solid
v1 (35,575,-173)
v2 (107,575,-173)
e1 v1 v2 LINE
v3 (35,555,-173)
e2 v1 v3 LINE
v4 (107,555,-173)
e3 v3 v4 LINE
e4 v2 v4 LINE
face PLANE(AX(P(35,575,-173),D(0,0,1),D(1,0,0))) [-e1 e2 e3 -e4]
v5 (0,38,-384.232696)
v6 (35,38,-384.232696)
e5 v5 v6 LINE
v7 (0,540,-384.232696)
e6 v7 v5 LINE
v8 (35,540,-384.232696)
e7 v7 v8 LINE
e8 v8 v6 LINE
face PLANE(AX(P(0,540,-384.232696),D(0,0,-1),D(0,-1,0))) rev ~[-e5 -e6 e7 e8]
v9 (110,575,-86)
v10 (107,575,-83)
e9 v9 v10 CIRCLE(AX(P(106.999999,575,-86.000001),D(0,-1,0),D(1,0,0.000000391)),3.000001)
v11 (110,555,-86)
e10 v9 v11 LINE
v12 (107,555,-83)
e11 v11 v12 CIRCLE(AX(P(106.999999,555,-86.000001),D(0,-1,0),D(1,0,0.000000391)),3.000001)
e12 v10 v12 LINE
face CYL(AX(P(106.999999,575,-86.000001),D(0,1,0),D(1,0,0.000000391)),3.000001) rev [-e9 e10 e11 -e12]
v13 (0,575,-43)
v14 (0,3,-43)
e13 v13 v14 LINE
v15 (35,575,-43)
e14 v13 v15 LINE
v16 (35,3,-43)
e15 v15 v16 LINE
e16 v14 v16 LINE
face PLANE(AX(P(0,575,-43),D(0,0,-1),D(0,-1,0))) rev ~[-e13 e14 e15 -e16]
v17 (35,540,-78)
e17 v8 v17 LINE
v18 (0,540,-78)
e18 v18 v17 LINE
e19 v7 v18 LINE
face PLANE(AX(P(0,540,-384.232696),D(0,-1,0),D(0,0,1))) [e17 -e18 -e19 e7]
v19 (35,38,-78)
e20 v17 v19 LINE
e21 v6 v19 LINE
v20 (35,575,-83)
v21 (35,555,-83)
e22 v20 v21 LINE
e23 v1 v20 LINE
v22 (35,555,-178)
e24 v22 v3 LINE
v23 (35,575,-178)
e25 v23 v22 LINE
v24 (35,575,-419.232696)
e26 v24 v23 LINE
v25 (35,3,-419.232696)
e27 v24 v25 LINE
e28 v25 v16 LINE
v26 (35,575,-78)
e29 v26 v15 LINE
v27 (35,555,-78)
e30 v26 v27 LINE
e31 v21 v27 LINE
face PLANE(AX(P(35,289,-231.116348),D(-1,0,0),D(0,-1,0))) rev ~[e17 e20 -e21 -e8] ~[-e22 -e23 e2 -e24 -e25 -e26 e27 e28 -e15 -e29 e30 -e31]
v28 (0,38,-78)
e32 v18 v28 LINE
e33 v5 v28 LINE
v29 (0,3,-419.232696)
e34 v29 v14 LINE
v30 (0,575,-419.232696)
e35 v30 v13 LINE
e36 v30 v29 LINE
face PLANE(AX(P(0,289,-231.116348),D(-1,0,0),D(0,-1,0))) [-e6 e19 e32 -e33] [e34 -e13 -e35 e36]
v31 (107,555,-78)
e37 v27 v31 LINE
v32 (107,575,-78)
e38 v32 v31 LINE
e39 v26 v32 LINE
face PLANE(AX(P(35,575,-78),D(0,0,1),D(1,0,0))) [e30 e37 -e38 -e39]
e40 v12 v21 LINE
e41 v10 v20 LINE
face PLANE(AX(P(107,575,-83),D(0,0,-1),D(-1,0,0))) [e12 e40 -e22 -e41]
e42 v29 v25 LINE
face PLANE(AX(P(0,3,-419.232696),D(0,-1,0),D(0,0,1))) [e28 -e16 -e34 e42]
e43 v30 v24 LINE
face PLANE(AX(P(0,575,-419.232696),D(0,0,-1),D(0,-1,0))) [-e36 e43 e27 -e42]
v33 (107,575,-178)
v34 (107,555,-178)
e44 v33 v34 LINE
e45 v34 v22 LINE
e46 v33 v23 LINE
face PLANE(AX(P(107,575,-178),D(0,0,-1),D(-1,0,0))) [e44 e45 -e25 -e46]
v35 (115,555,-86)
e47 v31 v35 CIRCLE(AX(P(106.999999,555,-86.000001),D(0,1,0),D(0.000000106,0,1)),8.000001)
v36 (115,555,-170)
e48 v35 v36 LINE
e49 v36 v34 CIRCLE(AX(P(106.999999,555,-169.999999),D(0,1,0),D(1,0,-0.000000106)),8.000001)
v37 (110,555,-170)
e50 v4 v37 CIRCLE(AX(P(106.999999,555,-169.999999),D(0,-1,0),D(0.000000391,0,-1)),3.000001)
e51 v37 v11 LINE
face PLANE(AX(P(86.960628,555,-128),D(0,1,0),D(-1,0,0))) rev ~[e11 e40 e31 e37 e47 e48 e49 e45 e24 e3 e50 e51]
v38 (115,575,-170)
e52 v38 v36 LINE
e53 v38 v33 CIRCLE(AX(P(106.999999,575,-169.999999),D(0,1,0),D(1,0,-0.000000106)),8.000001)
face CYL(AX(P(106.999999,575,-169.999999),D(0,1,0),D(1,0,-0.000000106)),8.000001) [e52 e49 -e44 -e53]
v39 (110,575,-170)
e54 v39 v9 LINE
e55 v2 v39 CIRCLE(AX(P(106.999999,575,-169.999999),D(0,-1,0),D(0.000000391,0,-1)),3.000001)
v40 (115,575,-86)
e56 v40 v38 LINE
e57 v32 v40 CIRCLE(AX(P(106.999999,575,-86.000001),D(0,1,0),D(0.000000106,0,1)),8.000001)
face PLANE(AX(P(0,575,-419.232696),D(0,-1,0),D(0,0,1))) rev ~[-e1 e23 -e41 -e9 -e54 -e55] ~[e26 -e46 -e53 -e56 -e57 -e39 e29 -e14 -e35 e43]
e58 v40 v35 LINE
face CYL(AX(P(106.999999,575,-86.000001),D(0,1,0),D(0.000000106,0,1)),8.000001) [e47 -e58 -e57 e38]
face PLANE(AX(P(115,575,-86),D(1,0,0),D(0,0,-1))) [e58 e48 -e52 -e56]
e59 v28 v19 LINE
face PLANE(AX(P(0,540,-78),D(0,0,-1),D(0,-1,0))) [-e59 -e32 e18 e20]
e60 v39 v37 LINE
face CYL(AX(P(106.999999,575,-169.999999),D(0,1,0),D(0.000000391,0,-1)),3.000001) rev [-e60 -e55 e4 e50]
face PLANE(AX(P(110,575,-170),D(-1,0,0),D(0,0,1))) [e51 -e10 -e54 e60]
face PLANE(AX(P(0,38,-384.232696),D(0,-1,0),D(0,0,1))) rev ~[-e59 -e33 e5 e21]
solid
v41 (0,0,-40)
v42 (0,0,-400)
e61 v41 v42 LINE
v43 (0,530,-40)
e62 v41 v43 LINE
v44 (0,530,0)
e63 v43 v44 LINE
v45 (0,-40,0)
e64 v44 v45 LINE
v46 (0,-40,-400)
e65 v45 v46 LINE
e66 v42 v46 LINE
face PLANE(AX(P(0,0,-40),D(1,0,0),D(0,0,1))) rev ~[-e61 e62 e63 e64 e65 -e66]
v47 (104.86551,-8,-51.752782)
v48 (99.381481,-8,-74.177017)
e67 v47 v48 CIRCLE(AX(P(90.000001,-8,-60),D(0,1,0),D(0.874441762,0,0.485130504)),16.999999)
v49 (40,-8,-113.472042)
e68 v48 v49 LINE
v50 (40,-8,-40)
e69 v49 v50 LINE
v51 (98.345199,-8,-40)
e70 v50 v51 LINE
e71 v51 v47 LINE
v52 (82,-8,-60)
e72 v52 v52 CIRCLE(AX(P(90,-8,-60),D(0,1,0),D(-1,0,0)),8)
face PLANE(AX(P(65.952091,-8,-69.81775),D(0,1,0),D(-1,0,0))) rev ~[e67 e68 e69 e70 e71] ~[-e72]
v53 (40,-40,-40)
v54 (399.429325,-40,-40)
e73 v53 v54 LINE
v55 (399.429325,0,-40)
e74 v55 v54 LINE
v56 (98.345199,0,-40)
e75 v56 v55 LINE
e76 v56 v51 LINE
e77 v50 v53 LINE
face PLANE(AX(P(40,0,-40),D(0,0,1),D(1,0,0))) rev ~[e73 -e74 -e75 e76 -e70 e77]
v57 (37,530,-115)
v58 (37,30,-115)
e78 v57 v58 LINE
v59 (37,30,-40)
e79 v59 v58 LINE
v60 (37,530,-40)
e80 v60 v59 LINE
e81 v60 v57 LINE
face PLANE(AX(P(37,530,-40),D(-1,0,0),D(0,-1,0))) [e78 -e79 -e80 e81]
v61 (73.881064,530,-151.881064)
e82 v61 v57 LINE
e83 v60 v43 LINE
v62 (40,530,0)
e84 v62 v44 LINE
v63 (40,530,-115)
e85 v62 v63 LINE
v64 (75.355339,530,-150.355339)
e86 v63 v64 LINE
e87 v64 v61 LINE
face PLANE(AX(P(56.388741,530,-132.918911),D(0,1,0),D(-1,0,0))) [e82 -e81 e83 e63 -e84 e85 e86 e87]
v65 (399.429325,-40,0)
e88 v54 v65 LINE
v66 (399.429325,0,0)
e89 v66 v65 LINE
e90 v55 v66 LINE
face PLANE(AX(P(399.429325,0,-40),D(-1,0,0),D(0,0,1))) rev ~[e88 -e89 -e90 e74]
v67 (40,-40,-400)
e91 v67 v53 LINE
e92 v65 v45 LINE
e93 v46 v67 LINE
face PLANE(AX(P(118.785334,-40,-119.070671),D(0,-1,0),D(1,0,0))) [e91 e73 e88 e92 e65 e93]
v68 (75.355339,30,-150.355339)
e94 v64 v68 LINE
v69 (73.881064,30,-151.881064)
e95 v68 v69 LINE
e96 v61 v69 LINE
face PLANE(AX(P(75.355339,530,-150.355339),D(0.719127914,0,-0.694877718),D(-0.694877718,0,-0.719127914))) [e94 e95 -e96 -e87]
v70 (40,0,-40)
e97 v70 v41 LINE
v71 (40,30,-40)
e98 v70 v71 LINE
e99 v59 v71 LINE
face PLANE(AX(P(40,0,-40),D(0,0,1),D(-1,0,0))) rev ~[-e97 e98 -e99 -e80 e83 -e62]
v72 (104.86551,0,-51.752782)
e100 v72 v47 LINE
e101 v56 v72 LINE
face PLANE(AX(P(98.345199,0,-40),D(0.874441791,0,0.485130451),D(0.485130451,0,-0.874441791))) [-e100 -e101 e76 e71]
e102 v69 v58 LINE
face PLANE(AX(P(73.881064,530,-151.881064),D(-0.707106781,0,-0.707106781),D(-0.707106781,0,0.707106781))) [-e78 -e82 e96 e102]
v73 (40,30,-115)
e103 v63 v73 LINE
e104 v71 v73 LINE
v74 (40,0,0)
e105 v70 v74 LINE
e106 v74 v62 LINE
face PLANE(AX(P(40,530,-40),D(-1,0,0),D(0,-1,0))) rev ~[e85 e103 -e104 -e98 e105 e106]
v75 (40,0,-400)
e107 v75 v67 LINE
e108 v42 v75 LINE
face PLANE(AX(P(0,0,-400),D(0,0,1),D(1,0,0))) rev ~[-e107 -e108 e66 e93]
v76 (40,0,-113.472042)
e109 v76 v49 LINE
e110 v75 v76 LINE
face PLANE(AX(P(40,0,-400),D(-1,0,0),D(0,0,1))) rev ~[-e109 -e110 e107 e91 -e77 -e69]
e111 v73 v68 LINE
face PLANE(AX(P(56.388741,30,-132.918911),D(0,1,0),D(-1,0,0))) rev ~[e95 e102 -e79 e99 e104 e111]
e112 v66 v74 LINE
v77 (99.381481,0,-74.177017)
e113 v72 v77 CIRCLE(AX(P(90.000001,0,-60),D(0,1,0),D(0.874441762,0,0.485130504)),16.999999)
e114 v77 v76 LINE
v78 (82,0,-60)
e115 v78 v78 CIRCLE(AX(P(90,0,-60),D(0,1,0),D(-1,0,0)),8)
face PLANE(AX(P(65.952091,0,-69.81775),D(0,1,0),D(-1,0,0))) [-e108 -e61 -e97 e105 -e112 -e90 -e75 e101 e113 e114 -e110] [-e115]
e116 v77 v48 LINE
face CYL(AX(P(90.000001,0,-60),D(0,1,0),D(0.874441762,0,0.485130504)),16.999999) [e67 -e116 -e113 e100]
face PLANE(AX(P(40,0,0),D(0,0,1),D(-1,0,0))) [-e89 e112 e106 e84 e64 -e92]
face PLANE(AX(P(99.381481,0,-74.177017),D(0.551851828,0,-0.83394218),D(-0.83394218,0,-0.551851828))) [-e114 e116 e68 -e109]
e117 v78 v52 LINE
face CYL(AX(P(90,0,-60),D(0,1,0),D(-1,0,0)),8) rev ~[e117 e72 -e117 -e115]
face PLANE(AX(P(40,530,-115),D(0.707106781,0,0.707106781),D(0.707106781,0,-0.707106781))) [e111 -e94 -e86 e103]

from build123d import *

# Parameters (mm, degrees)
F1_DEPTH  = 40
F2_W      = 40
F2_H      = 40
F3_DEPTH  = 530
F4_R      = 8
F5_DEPTH  = 8
F6_W      = 3
F6_H      = 500
F7_DEPTH  = 75
F9_DEPTH  = 500
F10_W     = 572
F10_H     = 376.232696
F10_W_2   = 502
F10_H_2   = 306.232696
F11_DEPTH = 35
F13_DEPTH = 20


with BuildPart() as f1:
    # F0 (on Front) → F1 (new body)
    with BuildSketch(Plane.XZ):
        Polygon((0, 0), (0, -400), (40, -400), (40, -40), (399.429325, -40), (399.429325, 0), align=None)
    extrude(amount=F1_DEPTH)

    # F2 (on face) → F3 (join)
    with BuildSketch(Plane(origin=(0, 0, 0), x_dir=(-1, 0, 0), z_dir=(0, 1, 0))):
        with Locations((-20, -20)):
            Rectangle(F2_W, F2_H)
    extrude(amount=F3_DEPTH)

    # F4 (on face) → F5 (join)
    with BuildSketch(Plane(origin=(0, 0, 0), x_dir=(-1, 0, 0), z_dir=(0, 1, 0))):
        with BuildLine():
            Line((-98.345199, -40), (-104.86551, -51.752782))
            ThreePointArc((-104.86551, -51.752782), (-106.51335, -64.038474), (-99.381481, -74.177017))
            Line((-99.381481, -74.177017), (-40, -113.472042))
            Line((-40, -113.472042), (-40, -40))
            Line((-40, -40), (-98.345199, -40))
        make_face()
        with Locations((-90, -60)):
            Circle(F4_R, mode=Mode.SUBTRACT)
    extrude(amount=-F5_DEPTH)

    # F6 (on face) → F7 (join)
    with BuildSketch(Plane(origin=(0, 0, -40), x_dir=(1, 0, 0), z_dir=(0, 0, -1))):
        with Locations((38.5, -280)):
            Rectangle(F6_W, F6_H)
    extrude(amount=F7_DEPTH)

    # F8 (on face) → F9 (join, through all)
    with BuildSketch(Plane(origin=(0, 530, 0), x_dir=(-1, 0, 0), z_dir=(0, 1, 0))):
        Polygon((-37, -115), (-40, -115), (-75.355339, -150.355339), (-73.881064, -151.881064), align=None)
    extrude(amount=-F9_DEPTH)


with BuildPart() as f11:
    # F10 (on face) → F11 (new body)
    with BuildSketch(Plane(origin=(0, 0, 0), x_dir=(0, -1, 0), z_dir=(-1, 0, 0))):
        with Locations((-289, -231.116348)):
            Rectangle(F10_W, F10_H)
        with Locations((-289, -231.116348)):
            Rectangle(F10_W_2, F10_H_2, mode=Mode.SUBTRACT)
    extrude(amount=-F11_DEPTH)

    # F12 (on face) → F13 (join)
    with BuildSketch(Plane(origin=(0, 575, 0), x_dir=(-1, 0, 0), z_dir=(0, 1, 0))):
        with BuildLine():
            Line((-35, -83), (-35, -78))
            Line((-35, -78), (-107, -78))
            ThreePointArc((-107, -78), (-112.656854, -80.343146), (-115, -86))
            Line((-115, -86), (-115, -170))
            ThreePointArc((-115, -170), (-112.656854, -175.656854), (-107, -178))
            Line((-107, -178), (-35, -178))
            Line((-35, -178), (-35, -173))
            Line((-35, -173), (-107, -173))
            ThreePointArc((-107, -173), (-109.12132, -172.12132), (-110, -170))
            Line((-110, -170), (-110, -86))
            ThreePointArc((-110, -86), (-109.12132, -83.87868), (-107, -83))
            Line((-107, -83), (-35, -83))
        make_face()
    extrude(amount=-F13_DEPTH)


solid = Compound([f1.part, f11.part])
